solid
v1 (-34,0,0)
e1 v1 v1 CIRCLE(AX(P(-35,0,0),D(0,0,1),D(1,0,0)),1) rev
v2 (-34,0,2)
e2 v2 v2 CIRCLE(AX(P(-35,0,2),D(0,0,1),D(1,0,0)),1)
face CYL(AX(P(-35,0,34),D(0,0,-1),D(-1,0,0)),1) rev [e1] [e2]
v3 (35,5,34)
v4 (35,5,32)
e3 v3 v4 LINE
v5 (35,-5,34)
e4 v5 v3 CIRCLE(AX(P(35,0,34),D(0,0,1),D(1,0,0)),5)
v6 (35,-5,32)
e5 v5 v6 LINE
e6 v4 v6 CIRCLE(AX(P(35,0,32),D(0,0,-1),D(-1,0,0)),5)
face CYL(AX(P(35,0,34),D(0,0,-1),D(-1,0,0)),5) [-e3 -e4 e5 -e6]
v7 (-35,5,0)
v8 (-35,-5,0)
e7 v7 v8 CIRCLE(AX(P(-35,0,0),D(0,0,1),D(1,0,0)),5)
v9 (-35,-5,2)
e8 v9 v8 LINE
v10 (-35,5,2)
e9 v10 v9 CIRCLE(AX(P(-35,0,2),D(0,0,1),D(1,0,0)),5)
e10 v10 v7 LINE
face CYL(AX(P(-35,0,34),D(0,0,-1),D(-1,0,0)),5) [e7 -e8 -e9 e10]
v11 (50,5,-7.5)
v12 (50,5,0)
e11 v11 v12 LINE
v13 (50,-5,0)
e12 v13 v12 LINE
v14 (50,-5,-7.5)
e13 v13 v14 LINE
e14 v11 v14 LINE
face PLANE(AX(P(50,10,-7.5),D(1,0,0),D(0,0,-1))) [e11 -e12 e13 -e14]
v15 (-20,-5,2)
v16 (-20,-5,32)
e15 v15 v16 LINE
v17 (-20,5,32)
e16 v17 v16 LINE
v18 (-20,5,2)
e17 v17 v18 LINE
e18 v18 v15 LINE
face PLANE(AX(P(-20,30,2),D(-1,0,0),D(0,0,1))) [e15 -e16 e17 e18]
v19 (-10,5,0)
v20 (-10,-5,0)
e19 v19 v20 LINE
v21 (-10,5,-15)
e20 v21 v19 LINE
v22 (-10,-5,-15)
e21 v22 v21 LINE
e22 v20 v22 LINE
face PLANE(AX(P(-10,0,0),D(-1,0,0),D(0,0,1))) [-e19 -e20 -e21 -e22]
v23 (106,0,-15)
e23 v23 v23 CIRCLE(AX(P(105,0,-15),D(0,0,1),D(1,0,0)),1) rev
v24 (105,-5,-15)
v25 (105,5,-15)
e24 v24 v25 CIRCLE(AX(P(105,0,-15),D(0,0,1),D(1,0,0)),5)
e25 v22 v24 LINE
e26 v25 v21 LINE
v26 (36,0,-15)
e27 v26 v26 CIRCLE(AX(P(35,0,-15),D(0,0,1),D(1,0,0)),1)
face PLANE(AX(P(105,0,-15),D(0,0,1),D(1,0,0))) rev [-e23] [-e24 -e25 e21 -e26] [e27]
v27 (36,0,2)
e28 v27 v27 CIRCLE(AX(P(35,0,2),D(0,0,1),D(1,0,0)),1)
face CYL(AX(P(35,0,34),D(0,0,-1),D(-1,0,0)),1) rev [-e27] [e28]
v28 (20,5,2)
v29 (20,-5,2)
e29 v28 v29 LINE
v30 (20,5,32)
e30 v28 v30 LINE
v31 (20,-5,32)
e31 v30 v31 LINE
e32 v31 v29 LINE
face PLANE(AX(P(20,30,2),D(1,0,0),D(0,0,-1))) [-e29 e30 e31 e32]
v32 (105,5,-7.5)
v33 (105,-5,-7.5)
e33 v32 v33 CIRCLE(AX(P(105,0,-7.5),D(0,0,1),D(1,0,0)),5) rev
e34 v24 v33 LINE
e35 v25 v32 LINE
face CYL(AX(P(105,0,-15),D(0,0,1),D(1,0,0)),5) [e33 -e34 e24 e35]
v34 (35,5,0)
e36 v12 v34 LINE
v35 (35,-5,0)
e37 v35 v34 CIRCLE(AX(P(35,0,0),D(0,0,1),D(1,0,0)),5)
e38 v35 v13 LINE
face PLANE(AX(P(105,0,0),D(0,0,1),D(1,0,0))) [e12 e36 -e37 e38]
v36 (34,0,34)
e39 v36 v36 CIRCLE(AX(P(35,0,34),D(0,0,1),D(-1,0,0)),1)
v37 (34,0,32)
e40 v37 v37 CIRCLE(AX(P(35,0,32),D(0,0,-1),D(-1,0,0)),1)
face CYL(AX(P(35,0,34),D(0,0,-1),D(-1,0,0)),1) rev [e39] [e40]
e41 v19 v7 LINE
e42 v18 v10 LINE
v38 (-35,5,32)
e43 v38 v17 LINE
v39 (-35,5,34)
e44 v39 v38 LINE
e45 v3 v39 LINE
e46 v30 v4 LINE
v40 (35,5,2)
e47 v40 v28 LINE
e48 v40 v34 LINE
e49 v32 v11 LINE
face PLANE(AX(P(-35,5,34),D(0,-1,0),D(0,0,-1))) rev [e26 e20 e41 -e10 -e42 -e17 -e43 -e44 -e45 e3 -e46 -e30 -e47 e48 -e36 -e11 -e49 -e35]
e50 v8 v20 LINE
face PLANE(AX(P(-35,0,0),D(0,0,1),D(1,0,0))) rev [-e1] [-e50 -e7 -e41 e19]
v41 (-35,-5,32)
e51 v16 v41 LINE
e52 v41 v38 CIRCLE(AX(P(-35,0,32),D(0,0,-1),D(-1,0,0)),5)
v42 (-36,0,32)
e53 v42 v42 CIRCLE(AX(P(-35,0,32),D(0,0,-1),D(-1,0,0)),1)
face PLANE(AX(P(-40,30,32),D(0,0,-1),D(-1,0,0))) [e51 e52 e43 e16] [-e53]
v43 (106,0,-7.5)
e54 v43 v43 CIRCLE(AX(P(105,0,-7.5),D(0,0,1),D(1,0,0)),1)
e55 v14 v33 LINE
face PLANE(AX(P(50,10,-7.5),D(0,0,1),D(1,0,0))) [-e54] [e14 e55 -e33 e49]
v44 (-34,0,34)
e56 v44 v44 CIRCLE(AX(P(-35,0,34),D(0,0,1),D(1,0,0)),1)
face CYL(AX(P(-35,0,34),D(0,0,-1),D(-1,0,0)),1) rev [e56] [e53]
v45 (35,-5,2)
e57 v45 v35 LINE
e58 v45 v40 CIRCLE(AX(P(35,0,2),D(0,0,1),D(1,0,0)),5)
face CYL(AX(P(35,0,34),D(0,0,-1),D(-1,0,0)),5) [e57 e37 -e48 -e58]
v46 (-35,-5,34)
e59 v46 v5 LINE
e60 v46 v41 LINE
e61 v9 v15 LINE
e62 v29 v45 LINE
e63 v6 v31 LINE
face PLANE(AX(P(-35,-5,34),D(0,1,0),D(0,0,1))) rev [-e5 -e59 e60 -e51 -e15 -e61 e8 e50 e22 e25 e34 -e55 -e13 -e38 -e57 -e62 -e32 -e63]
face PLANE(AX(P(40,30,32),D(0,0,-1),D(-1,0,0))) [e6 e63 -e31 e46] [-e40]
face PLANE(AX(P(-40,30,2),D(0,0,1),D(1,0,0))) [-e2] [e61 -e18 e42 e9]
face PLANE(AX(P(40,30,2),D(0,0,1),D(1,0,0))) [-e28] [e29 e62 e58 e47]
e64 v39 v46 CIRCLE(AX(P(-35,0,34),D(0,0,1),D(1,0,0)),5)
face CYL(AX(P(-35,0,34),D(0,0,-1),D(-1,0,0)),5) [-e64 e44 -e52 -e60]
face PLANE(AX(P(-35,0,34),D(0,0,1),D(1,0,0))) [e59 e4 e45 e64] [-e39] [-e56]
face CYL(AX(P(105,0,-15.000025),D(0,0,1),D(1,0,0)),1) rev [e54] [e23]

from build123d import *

# Parameters (mm, degrees)
EXTRUDE_1_DEPTH          = 34
SKETCH_2_R               = 1
CUT_EXTRUDE_4_DEPTH      = 35
CUT_EXTRUDE_4_DEPTH_BACK = 30
SKETCH_3_W               = 20
SKETCH_3_H               = 30
CUT_EXTRUDE_5_DEPTH      = 30
CUT_EXTRUDE_5_DEPTH_BACK = 30
EXTRUDE_4_DEPTH          = 15
SKETCH_5_R               = 1
CUT_EXTRUDE_7_DEPTH      = 16
SKETCH_6_W               = 15
SKETCH_6_H               = 10
EXTRUDE_5_DEPTH          = 10
SKETCH_7_W               = 70
SKETCH_7_H               = 10
CUT_EXTRUDE_8_DEPTH      = 10
CUT_EXTRUDE_8_DEPTH_BACK = 10


with BuildPart() as part:
    # 草圖1 → 填料-伸長1 (new body)
    with BuildSketch(Plane.XY):
        with BuildLine():
            Line((-35, 5), (35, 5))
            ThreePointArc((35, 5), (40, 0), (35, -5))
            Line((35, -5), (-35, -5))
            ThreePointArc((-35, -5), (-40, 0), (-35, 5))
        make_face()
    extrude(amount=EXTRUDE_1_DEPTH)

    # 草圖2 → 除料-伸長4 (cut, two sides)
    with BuildSketch(Plane.XY) as cut_extrude_4_sk:
        with Locations((-35, 0)):
            Circle(SKETCH_2_R)
        with Locations((35, 0)):
            Circle(SKETCH_2_R)
    extrude(amount=CUT_EXTRUDE_4_DEPTH, mode=Mode.SUBTRACT)
    extrude(cut_extrude_4_sk.sketch, amount=-CUT_EXTRUDE_4_DEPTH_BACK, mode=Mode.SUBTRACT)

    # 草圖3 → 除料-伸長5 (cut, two sides)
    with BuildSketch(Plane(origin=(0, 0, 0), x_dir=(1, 0, 0), z_dir=(0, 1, 0))) as cut_extrude_5_sk:
        with Locations((-30, -17)):
            Rectangle(SKETCH_3_W, SKETCH_3_H)
        with Locations((30, -17)):
            Rectangle(SKETCH_3_W, SKETCH_3_H)
    extrude(amount=CUT_EXTRUDE_5_DEPTH, mode=Mode.SUBTRACT)
    extrude(cut_extrude_5_sk.sketch, amount=-CUT_EXTRUDE_5_DEPTH_BACK, mode=Mode.SUBTRACT)

    # 草圖4 → 填料-伸長4 (add)
    with BuildSketch(Plane.XY):
        with BuildLine():
            Line((0, 5), (105, 5))
            ThreePointArc((105, 5), (110, 0), (105, -5))
            Line((105, -5), (0, -5))
            Line((0, -5), (0, 5))
        make_face()
    extrude(amount=-EXTRUDE_4_DEPTH)

    # 草圖5 → 除料-伸長7 (cut, through all)
    with BuildSketch(Plane.XY):
        with Locations((35, 0)):
            Circle(SKETCH_5_R)
        with Locations((105, 0)):
            Circle(SKETCH_5_R)
    extrude(amount=-CUT_EXTRUDE_7_DEPTH, mode=Mode.SUBTRACT)

    # 草圖6 → 填料-伸長5 (add)
    with BuildSketch(Plane(origin=(0, 0, 0), x_dir=(0, 0, -1), z_dir=(1, 0, 0))):
        with Locations((7.5, 0)):
            Rectangle(SKETCH_6_W, SKETCH_6_H)
    extrude(amount=-EXTRUDE_5_DEPTH)

    # 草圖7 → 除料-伸長8 (cut, two sides)
    with BuildSketch(Plane(origin=(0, 0, 0), x_dir=(1, 0, 0), z_dir=(0, 1, 0))) as cut_extrude_8_sk:
        with Locations((85, 2.5)):
            Rectangle(SKETCH_7_W, SKETCH_7_H)
    extrude(amount=CUT_EXTRUDE_8_DEPTH, mode=Mode.SUBTRACT)
    extrude(cut_extrude_8_sk.sketch, amount=-CUT_EXTRUDE_8_DEPTH_BACK, mode=Mode.SUBTRACT)


solid = part.part
